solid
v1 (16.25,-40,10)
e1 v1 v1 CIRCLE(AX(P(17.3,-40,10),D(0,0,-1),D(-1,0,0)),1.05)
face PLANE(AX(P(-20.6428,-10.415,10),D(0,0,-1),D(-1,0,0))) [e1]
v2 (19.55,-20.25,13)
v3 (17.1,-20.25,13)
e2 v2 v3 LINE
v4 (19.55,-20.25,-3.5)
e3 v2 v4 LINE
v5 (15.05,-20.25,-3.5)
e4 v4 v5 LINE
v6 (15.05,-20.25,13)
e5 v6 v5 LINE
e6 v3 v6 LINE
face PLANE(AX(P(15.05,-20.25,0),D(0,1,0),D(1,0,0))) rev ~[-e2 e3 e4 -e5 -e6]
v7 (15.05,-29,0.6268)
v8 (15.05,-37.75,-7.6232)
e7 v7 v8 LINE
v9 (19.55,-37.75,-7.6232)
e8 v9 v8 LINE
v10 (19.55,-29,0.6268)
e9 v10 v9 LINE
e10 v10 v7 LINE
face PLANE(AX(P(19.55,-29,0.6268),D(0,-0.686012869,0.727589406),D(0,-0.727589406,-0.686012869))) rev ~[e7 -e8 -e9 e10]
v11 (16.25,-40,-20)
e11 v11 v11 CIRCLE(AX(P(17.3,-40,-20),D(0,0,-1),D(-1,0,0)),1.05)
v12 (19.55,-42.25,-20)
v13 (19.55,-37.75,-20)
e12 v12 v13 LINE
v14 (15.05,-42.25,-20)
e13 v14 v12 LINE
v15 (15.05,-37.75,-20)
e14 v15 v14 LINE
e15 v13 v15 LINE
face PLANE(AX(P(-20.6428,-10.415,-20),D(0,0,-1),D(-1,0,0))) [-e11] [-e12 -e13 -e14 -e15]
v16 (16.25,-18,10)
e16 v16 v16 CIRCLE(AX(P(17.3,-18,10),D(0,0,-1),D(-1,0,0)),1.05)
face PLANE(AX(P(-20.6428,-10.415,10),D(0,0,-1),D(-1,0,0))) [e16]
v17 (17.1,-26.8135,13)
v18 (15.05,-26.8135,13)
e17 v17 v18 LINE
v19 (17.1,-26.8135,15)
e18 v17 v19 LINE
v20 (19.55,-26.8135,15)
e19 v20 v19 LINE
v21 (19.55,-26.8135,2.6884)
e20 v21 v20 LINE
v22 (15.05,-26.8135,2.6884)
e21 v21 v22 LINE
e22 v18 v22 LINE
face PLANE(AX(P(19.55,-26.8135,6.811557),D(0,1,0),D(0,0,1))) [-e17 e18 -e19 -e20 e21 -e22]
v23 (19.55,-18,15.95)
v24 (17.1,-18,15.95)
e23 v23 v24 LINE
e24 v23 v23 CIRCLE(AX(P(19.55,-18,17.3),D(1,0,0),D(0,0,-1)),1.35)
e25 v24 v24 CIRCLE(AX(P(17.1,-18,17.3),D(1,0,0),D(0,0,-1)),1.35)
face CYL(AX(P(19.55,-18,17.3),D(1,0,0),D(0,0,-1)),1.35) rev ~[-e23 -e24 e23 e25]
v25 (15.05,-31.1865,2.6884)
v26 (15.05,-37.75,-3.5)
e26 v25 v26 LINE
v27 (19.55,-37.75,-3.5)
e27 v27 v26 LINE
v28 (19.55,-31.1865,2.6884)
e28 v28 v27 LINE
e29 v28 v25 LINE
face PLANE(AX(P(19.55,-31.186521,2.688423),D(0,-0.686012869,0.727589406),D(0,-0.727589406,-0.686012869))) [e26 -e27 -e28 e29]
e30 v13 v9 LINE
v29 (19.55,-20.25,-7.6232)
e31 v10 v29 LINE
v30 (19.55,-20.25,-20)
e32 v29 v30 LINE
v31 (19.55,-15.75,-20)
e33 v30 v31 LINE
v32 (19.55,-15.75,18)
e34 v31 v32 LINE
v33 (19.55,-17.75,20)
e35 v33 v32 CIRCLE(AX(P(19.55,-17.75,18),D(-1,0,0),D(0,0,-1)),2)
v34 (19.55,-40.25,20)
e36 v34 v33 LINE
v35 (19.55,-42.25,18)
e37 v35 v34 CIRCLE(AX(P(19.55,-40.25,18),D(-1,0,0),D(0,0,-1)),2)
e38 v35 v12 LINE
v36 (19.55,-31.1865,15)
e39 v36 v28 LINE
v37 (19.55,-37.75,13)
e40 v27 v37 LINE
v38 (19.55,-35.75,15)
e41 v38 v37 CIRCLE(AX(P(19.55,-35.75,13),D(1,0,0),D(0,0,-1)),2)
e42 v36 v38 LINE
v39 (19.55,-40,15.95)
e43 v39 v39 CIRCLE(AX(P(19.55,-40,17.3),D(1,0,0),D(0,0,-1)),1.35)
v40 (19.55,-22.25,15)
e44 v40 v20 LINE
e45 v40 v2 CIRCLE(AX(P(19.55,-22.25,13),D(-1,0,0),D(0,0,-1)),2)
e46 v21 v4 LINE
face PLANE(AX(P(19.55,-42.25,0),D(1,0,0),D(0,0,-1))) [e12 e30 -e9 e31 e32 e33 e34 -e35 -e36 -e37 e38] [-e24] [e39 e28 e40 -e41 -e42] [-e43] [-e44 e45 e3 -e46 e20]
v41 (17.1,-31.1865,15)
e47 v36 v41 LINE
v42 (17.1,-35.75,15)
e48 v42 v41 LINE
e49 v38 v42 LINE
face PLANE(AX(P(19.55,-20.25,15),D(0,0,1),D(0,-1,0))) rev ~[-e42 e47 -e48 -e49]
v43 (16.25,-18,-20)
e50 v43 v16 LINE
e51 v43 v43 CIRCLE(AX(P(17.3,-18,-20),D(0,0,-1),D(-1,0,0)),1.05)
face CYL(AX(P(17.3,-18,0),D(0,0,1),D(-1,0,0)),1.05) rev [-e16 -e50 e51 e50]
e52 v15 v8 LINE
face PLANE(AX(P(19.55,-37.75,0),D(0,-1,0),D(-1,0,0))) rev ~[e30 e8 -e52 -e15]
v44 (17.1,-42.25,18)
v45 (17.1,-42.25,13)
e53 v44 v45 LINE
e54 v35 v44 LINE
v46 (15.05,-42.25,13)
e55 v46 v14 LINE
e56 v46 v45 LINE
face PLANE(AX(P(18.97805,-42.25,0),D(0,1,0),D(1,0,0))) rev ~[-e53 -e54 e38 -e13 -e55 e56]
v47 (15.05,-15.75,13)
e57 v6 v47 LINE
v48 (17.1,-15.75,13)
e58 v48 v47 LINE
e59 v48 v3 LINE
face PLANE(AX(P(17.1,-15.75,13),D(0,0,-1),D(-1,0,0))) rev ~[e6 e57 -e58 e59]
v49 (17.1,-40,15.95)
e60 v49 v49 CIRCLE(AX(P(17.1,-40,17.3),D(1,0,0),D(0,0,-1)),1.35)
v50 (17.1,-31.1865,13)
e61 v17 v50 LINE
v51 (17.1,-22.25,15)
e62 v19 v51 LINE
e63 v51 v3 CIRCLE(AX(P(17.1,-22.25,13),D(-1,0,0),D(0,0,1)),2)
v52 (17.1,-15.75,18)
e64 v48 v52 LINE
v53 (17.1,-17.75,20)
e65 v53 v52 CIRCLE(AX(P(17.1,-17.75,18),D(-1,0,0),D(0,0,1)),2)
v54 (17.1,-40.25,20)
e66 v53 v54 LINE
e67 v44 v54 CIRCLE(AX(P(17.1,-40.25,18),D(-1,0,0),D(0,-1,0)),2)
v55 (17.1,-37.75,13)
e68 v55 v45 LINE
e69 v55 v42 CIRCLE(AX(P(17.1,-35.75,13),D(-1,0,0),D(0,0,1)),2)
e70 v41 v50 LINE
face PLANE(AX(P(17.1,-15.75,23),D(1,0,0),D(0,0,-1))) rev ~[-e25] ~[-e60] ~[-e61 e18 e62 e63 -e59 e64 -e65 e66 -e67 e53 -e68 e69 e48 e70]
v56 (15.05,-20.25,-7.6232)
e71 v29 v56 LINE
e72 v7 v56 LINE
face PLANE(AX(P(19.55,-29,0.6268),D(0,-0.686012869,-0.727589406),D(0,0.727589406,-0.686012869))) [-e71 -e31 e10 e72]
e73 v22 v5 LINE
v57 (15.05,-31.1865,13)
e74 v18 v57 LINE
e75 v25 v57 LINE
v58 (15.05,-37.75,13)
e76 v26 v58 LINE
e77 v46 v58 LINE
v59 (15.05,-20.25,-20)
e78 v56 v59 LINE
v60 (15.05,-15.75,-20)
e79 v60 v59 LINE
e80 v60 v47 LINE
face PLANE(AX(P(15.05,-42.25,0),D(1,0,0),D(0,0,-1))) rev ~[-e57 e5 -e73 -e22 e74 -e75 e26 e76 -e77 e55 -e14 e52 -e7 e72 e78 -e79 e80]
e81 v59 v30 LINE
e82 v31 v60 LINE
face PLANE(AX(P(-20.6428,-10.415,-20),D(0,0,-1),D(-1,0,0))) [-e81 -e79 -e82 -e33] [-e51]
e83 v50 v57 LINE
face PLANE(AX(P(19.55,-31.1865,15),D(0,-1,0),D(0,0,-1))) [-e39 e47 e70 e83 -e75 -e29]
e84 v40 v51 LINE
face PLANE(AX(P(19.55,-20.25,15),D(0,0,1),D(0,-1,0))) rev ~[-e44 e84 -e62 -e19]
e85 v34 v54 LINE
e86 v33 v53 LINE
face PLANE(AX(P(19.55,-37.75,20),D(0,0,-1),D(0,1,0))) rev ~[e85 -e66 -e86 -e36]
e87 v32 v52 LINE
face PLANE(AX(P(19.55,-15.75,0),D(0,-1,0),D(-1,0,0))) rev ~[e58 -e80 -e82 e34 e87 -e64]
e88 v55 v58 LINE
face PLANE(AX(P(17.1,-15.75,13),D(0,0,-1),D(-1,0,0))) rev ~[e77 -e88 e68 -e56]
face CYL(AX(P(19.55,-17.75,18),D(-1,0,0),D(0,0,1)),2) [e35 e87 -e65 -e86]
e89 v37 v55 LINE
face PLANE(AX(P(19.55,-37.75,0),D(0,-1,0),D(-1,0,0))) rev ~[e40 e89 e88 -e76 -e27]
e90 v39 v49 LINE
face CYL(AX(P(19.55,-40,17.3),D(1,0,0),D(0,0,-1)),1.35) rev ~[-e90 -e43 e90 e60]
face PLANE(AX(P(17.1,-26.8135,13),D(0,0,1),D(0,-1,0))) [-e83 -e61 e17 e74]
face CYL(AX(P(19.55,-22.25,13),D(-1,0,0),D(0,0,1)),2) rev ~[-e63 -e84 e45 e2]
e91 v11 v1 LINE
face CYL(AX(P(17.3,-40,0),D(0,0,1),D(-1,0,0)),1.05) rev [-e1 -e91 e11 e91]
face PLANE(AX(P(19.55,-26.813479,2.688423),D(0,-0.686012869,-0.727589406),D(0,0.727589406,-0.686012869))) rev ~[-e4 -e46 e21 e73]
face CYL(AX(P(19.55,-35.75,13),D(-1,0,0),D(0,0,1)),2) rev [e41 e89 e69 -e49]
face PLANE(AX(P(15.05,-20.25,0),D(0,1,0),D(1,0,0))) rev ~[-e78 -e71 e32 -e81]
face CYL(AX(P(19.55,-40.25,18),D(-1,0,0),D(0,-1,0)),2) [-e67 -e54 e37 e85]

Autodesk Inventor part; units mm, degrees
ref_plane "YZ Plane" through (0, 0, 0) normal (1, 0, 0) x (0, 1, 0)
ref_plane "XZ Plane" through (0, 0, 0) normal (0, 1, 0) x (-1, 0, 0)
ref_plane "XY Plane" through (0, 0, 0) normal (0, 0, 1) x (1, 0, 0)
ref_plane "작업 평면1" through (-20.6428, -10.415, 0) normal (0, 0, 1) x (1, 0, 0)
sketch "스케치1" plane through (-20.6428, -10.415, 0) normal (0, 0, 1) x (1, 0, 0)
  arc A0 (40.7428, 14.9916) -> (40.2236, 16.6785) centre (37.7428, 14.9916) ccw projected
  line L0 (40.2236, 16.6785) -> (36.2381, 22.5396) projected
  arc A1 (36.2381, 22.5396) -> (34.5842, 23.415) centre (34.5842, 21.415) ccw projected
  line L1 (33.6428, 23.415) -> (34.5842, 23.415) projected
  arc A2 (35.1428, 21.915) -> (33.6428, 23.415) centre (33.6428, 21.915) ccw projected
  line L2 (35.1428, -31.085) -> (35.1428, 21.915) projected
  arc A3 (34.1428, -32.085) -> (35.1428, -31.085) centre (34.1428, -31.085) ccw projected
  line L3 (7.1428, -32.085) -> (34.1428, -32.085) projected
  arc A4 (6.1428, -31.085) -> (7.1428, -32.085) centre (7.1428, -31.085) ccw projected
  line L4 (6.1428, 21.915) -> (6.1428, -31.085) projected
  arc A5 (7.6428, 23.415) -> (6.1428, 21.915) centre (7.6428, 21.915) ccw projected
  line L5 (6.7014, 23.415) -> (7.6428, 23.415) projected
  arc A6 (6.7014, 23.415) -> (5.0476, 22.5396) centre (6.7014, 21.415) ccw projected
  line L6 (5.0476, 22.5396) -> (1.0621, 16.6785) projected
  arc A7 (1.0621, 16.6785) -> (0.5428, 14.9916) centre (3.5428, 14.9916) ccw projected
  line L7 (0.5428, 14.9916) -> (0.5428, -29.2617) projected
  arc A8 (0.5428, -29.2617) -> (1.0621, -30.9486) centre (3.5428, -29.2617) ccw projected
  line L8 (1.0621, -30.9486) -> (4.7499, -36.372) projected
  arc A9 (4.7499, -36.372) -> (7.2307, -37.685) centre (7.2307, -34.685) ccw projected
  line L9 (7.2307, -37.685) -> (34.0549, -37.685) projected
  arc A10 (34.0549, -37.685) -> (36.5357, -36.372) centre (34.0549, -34.685) ccw projected
  line L10 (36.5357, -36.372) -> (40.2236, -30.9486) projected
  arc A11 (40.2236, -30.9486) -> (40.7428, -29.2617) centre (37.7428, -29.2617) ccw projected
  line L11 (40.7428, -29.2617) -> (40.7428, 14.9916) projected
  circle A12 centre (3.3428, 14.415) radius 1.35 projected
  circle A13 centre (3.3428, -7.585) radius 1.35 projected
  circle A14 centre (9.6428, -34.885) radius 1.35 projected
  circle A15 centre (37.9428, 14.415) radius 1.35 projected
  circle A16 centre (37.9428, -7.585) radius 1.35 projected
  circle A17 centre (31.6428, -34.885) radius 1.35 projected
  circle A18 centre (3.3428, -29.585) radius 1.35 projected
  circle A19 centre (37.9428, -29.585) radius 1.35 projected
  line L12 (35.6928, -9.835) -> (40.1928, -9.835)
  line L13 (40.1928, -9.835) -> (40.1928, -5.335)
  line L14 (40.1928, -5.335) -> (35.6928, -5.335)
  line L15 (35.6928, -5.335) -> (35.6928, -9.835)
  line L16 (35.6928, -9.835) -> (40.1928, -5.335) construction
  line L17 (40.1928, -9.835) -> (35.6928, -5.335) construction
  line L18 (35.6928, -31.835) -> (40.1928, -31.835)
  line L19 (40.1928, -31.835) -> (40.1928, -27.335)
  line L20 (40.1928, -27.335) -> (35.6928, -27.335)
  line L21 (35.6928, -27.335) -> (35.6928, -31.835)
  line L22 (35.6928, -31.835) -> (40.1928, -27.335) construction
  line L23 (40.1928, -31.835) -> (35.6928, -27.335) construction
  point P0 (20.6428, 10.415)
  dimension "d0" = 4.5
  dimension "d1" = 4.5
  dimension "d2" = 4.5
  dimension "d3" = 4.5
extrude "돌출1" add sketch "스케치1" along normal blind 20 contours L19 L18 L10 | L10 L18 L21 L20 L19 | A16 | A19 | L15 L14 L13 L12
sketch "스케치2" plane through (19.55, -42.25, 0) normal (1, 0, 0) x (0, 0, -1)
  line L0 (0, 0) -> (0, 4.5) projected
  line L1 (0, 4.5) -> (-20, 4.5) projected
  line L2 (-20, 0) -> (-20, 4.5) projected
  line L3 (0, 0) -> (-20, 0) projected
  line L4 (0, 22) -> (0, 26.5) projected
  line L5 (0, 26.5) -> (-20, 26.5) projected
  line L6 (-20, 22) -> (-20, 26.5) projected
  line L7 (0, 22) -> (-20, 22) projected
  line L8 (-20, 0) -> (-20, 26.5)
  line L9 (-20, 26.5) -> (-15, 26.5)
  line L10 (-15, 26.5) -> (-15, 0)
  line L11 (-15, 0) -> (-20, 0)
  point P0 (0, 42.25)
  point P1 (-15, 4.5)
  point P2 (-15, 22)
  point P3 (-20, 22)
  point P4 (-20, 4.5)
  dimension "d6" = 5
extrude "돌출2" add sketch "스케치2" against normal up to surface (4.5 mm away) contours L1 L8 L7 L10
fillet "모깎기1" radius 2 2 edges at (17.3, -20.25, 15) (17.3, -37.75, 15)
fillet "모깎기2" radius 2 2 edges at (17.3, -42.25, 20) (17.3, -15.75, 20)
sketch "스케치3" plane through (-20.6428, -10.415, 0) normal (0, 0, -1) x (-1, 0, 0)
  circle A0 centre (-37.9428, -29.585) radius 1.35 projected
  circle A1 centre (-37.9428, -7.585) radius 1.35 projected
  circle A2 centre (-37.9428, -29.585) radius 1.05
  circle A3 centre (-37.9428, -7.585) radius 1.05
  point P0 (-20.6428, 10.415)
  dimension "d11" = 2.1
  dimension "d12" = 2.1
extrude "돌출3" cut sketch "스케치3" against normal blind 10 contours A2 | A3
sketch "스케치4" plane through (15.05, -15.75, 0) normal (0, 1, 0) x (1, 0, 0)
  line L0 (4.5, -18) -> (0, -18) projected
  line L1 (-30.1, -18) -> (-34.6, -18)
  line L2 (0, 0) -> (0, -18) projected
  line L3 (0, -18) -> (-30.1, -18)
  line L4 (2.05, -13) -> (-32.15, -13)
  line L5 (-32.15, -13) -> (-32.15, -23)
  line L6 (-32.15, -23) -> (2.05, -23)
  line L7 (2.05, -23) -> (2.05, -13)
  line L8 (2.05, -13) -> (-32.15, -23) construction
  line L9 (-32.15, -13) -> (2.05, -23) construction
  point P0 (-15.05, 0)
  point P1 (-15.05, -18)
  dimension "d15" = 34.2
  dimension "d16" = 10
extrude "돌출4" cut sketch "스케치4" against normal up to surface (26.5 mm away)
sketch "스케치5" plane through (19.55, -42.25, 0) normal (1, 0, 0) x (0, 0, -1)
  circle A0 centre (-17.3, 2.25) radius 1.35
  circle A1 centre (-17.3, 24.25) radius 1.35
  point P0 (0, 42.25)
extrude "돌출5" cut sketch "스케치5" against normal through all
sketch "스케치6" plane through (-20.6428, -10.415, 0) normal (0, 0, -1) x (-1, 0, 0)
  circle A0 centre (-37.9428, -29.585) radius 1.05 projected
  line L0 (-35.6928, -31.835) -> (-40.1928, -31.835) projected
  line L1 (-35.6928, -27.335) -> (-35.6928, -31.835) projected
  line L2 (-40.1928, -27.335) -> (-35.6928, -27.335) projected
  line L3 (-40.1928, -31.835) -> (-40.1928, -27.335) projected
  circle A1 centre (-37.9428, -7.585) radius 1.05 projected
  line L4 (-40.1928, -9.835) -> (-40.1928, -5.335) projected
  line L5 (-35.6928, -9.835) -> (-40.1928, -9.835) projected
  line L6 (-35.6928, -5.335) -> (-35.6928, -9.835) projected
  line L7 (-40.1928, -5.335) -> (-35.6928, -5.335) projected
  point P0 (-20.6428, 10.415)
extrude "돌출6" add sketch "스케치6" along normal blind 20
sketch "스케치7" plane through (19.55, -35.75, 15) normal (1, 0, 0) x (0, 0, -1)
  circle A0 centre (-2.3, 17.75) radius 1.35 projected
  circle A1 centre (-2.3, -4.25) radius 1.35 projected
  arc A2 (-3, 20) -> (-5, 18) centre (-3, 18) ccw projected
  line L0 (-5, -4.5) -> (-5, 18) projected
  arc A3 (-5, -4.5) -> (-3, -6.5) centre (-3, -4.5) ccw projected
  line L1 (35, -6.5) -> (-3, -6.5) projected
  line L2 (35, -2) -> (35, -6.5) projected
  line L3 (35, -2) -> (2, -2) projected
  arc A4 (0, 0) -> (2, -2) centre (2, 0) ccw projected
  line L4 (0, 0) -> (0, 13.5) projected
  arc A5 (2, 15.5) -> (0, 13.5) centre (2, 13.5) ccw projected
  line L5 (2, 15.5) -> (35, 15.5) projected
  line L6 (35, 20) -> (35, 15.5) projected
  line L7 (35, 20) -> (-3, 20) projected
  circle A6 centre (-2.3, 17.75) radius 1.35 projected
  circle A7 centre (-2.3, -4.25) radius 1.35 projected
  arc A8 (0, 0) -> (2, -2) centre (2, 0) ccw projected
  line L8 (2, -2) -> (2, -6.5) projected
  line L9 (-3, -6.5) -> (2, -6.5) projected
  arc A9 (-5, -4.5) -> (-3, -6.5) centre (-3, -4.5) ccw projected
  line L10 (-5, 18) -> (-5, -4.5) projected
  arc A10 (-3, 20) -> (-5, 18) centre (-3, 18) ccw projected
  line L11 (2, 20) -> (-3, 20) projected
  line L12 (2, 20) -> (2, 15.5) projected
  arc A11 (2, 15.5) -> (0, 13.5) centre (2, 13.5) ccw projected
  line L13 (0, 0) -> (0, 13.5) projected
  line L14 (2, -2) -> (18.5, 15.5)
  line L15 (6.1232, -2) -> (22.6232, 15.5)
  line L16 (2, 15.5) -> (18.5, -2)
  line L17 (6.1232, 15.5) -> (22.6232, -2)
  line L18 (12.3116, 4.5635) -> (12.3116, 8.9365)
  line L19 (12.3116, 8.9365) -> (0, 8.9365)
  line L20 (0, 8.9365) -> (0, 4.5635)
  line L21 (0, 4.5635) -> (12.3116, 4.5635)
  point P0 (15, 35.75)
  point P1 (14.3732, 6.75)
  point P2 (0, 8.9365)
  dimension "d23" = 3
  dimension "d24" = 3
extrude "돌출7" add sketch "스케치7" against normal up to surface (4.5 mm away) contours L19 L14 L16 | L16 L14 L21 L4 L19 | L15 L17 L14 L5 | L18 L16 L14 | L17 L15 L18 | L16 L21 L14 | L17 L3 L16 L15
sketch "스케치8" plane through (17.1, -15.75, 13) normal (-1, 0, 0) x (0, 0, 1)
  circle A0 centre (4.3, -2.25) radius 1.35 projected
  circle A1 centre (4.3, -24.25) radius 1.35 projected
  arc A2 (0, -22) -> (2, -20) centre (0, -20) ccw projected
  line L0 (0, -22) -> (0, -26.5) projected
  line L1 (5, -26.5) -> (0, -26.5) projected
  arc A3 (5, -26.5) -> (7, -24.5) centre (5, -24.5) ccw projected
  line L2 (7, -2) -> (7, -24.5) projected
  arc A4 (7, -2) -> (5, 0) centre (5, -2) ccw projected
  line L3 (0, 0) -> (5, 0) projected
  line L4 (0, 0) -> (0, -4.5) projected
  arc A5 (2, -6.5) -> (0, -4.5) centre (0, -6.5) ccw projected
  line L5 (2, -11.0635) -> (2, -6.5) projected
  line L6 (2, -15.4365) -> (2, -11.0635) projected
  line L7 (2, -20) -> (2, -15.4365) projected
  line L8 (0, -26.5) -> (0, -22) projected
  line L9 (-16.5, -22) -> (0, -22) projected
  line L10 (-10.3116, -15.4365) -> (-16.5, -22) projected
  line L11 (2, -15.4365) -> (-10.3116, -15.4365) projected
  line L12 (2, -11.0635) -> (2, -15.4365) projected
  line L13 (-10.3116, -11.0635) -> (2, -11.0635) projected
  line L14 (-16.5, -4.5) -> (-10.3116, -11.0635) projected
  line L15 (-16.5, -4.5) -> (0, -4.5) projected
  line L16 (0, -4.5) -> (0, 0) projected
  line L17 (-33, 0) -> (0, 0) projected
  line L18 (-33, -4.5) -> (-33, 0) projected
  line L19 (-33, -4.5) -> (-20.6232, -4.5) projected
  line L20 (-12.3732, -13.25) -> (-20.6232, -4.5) projected
  line L21 (-20.6232, -22) -> (-12.3732, -13.25) projected
  line L22 (-33, -22) -> (-20.6232, -22) projected
  line L23 (-33, -26.5) -> (-33, -22) projected
  line L24 (0, -26.5) -> (-33, -26.5) projected
  line L25 (-16.5, -4.5) -> (0, -4.5) projected
  line L26 (0, -4.5) -> (0, -22)
  point P0 (-13, 15.75)
  point P1 (0, -11.0635)
  point P2 (0, -15.4365)
extrude "돌출8" cut sketch "스케치8" along normal up to surface (2.05 mm away) contours L26 L13 L6 L11
properties part number "106_64_Connector" material "알루미늄 6061"
